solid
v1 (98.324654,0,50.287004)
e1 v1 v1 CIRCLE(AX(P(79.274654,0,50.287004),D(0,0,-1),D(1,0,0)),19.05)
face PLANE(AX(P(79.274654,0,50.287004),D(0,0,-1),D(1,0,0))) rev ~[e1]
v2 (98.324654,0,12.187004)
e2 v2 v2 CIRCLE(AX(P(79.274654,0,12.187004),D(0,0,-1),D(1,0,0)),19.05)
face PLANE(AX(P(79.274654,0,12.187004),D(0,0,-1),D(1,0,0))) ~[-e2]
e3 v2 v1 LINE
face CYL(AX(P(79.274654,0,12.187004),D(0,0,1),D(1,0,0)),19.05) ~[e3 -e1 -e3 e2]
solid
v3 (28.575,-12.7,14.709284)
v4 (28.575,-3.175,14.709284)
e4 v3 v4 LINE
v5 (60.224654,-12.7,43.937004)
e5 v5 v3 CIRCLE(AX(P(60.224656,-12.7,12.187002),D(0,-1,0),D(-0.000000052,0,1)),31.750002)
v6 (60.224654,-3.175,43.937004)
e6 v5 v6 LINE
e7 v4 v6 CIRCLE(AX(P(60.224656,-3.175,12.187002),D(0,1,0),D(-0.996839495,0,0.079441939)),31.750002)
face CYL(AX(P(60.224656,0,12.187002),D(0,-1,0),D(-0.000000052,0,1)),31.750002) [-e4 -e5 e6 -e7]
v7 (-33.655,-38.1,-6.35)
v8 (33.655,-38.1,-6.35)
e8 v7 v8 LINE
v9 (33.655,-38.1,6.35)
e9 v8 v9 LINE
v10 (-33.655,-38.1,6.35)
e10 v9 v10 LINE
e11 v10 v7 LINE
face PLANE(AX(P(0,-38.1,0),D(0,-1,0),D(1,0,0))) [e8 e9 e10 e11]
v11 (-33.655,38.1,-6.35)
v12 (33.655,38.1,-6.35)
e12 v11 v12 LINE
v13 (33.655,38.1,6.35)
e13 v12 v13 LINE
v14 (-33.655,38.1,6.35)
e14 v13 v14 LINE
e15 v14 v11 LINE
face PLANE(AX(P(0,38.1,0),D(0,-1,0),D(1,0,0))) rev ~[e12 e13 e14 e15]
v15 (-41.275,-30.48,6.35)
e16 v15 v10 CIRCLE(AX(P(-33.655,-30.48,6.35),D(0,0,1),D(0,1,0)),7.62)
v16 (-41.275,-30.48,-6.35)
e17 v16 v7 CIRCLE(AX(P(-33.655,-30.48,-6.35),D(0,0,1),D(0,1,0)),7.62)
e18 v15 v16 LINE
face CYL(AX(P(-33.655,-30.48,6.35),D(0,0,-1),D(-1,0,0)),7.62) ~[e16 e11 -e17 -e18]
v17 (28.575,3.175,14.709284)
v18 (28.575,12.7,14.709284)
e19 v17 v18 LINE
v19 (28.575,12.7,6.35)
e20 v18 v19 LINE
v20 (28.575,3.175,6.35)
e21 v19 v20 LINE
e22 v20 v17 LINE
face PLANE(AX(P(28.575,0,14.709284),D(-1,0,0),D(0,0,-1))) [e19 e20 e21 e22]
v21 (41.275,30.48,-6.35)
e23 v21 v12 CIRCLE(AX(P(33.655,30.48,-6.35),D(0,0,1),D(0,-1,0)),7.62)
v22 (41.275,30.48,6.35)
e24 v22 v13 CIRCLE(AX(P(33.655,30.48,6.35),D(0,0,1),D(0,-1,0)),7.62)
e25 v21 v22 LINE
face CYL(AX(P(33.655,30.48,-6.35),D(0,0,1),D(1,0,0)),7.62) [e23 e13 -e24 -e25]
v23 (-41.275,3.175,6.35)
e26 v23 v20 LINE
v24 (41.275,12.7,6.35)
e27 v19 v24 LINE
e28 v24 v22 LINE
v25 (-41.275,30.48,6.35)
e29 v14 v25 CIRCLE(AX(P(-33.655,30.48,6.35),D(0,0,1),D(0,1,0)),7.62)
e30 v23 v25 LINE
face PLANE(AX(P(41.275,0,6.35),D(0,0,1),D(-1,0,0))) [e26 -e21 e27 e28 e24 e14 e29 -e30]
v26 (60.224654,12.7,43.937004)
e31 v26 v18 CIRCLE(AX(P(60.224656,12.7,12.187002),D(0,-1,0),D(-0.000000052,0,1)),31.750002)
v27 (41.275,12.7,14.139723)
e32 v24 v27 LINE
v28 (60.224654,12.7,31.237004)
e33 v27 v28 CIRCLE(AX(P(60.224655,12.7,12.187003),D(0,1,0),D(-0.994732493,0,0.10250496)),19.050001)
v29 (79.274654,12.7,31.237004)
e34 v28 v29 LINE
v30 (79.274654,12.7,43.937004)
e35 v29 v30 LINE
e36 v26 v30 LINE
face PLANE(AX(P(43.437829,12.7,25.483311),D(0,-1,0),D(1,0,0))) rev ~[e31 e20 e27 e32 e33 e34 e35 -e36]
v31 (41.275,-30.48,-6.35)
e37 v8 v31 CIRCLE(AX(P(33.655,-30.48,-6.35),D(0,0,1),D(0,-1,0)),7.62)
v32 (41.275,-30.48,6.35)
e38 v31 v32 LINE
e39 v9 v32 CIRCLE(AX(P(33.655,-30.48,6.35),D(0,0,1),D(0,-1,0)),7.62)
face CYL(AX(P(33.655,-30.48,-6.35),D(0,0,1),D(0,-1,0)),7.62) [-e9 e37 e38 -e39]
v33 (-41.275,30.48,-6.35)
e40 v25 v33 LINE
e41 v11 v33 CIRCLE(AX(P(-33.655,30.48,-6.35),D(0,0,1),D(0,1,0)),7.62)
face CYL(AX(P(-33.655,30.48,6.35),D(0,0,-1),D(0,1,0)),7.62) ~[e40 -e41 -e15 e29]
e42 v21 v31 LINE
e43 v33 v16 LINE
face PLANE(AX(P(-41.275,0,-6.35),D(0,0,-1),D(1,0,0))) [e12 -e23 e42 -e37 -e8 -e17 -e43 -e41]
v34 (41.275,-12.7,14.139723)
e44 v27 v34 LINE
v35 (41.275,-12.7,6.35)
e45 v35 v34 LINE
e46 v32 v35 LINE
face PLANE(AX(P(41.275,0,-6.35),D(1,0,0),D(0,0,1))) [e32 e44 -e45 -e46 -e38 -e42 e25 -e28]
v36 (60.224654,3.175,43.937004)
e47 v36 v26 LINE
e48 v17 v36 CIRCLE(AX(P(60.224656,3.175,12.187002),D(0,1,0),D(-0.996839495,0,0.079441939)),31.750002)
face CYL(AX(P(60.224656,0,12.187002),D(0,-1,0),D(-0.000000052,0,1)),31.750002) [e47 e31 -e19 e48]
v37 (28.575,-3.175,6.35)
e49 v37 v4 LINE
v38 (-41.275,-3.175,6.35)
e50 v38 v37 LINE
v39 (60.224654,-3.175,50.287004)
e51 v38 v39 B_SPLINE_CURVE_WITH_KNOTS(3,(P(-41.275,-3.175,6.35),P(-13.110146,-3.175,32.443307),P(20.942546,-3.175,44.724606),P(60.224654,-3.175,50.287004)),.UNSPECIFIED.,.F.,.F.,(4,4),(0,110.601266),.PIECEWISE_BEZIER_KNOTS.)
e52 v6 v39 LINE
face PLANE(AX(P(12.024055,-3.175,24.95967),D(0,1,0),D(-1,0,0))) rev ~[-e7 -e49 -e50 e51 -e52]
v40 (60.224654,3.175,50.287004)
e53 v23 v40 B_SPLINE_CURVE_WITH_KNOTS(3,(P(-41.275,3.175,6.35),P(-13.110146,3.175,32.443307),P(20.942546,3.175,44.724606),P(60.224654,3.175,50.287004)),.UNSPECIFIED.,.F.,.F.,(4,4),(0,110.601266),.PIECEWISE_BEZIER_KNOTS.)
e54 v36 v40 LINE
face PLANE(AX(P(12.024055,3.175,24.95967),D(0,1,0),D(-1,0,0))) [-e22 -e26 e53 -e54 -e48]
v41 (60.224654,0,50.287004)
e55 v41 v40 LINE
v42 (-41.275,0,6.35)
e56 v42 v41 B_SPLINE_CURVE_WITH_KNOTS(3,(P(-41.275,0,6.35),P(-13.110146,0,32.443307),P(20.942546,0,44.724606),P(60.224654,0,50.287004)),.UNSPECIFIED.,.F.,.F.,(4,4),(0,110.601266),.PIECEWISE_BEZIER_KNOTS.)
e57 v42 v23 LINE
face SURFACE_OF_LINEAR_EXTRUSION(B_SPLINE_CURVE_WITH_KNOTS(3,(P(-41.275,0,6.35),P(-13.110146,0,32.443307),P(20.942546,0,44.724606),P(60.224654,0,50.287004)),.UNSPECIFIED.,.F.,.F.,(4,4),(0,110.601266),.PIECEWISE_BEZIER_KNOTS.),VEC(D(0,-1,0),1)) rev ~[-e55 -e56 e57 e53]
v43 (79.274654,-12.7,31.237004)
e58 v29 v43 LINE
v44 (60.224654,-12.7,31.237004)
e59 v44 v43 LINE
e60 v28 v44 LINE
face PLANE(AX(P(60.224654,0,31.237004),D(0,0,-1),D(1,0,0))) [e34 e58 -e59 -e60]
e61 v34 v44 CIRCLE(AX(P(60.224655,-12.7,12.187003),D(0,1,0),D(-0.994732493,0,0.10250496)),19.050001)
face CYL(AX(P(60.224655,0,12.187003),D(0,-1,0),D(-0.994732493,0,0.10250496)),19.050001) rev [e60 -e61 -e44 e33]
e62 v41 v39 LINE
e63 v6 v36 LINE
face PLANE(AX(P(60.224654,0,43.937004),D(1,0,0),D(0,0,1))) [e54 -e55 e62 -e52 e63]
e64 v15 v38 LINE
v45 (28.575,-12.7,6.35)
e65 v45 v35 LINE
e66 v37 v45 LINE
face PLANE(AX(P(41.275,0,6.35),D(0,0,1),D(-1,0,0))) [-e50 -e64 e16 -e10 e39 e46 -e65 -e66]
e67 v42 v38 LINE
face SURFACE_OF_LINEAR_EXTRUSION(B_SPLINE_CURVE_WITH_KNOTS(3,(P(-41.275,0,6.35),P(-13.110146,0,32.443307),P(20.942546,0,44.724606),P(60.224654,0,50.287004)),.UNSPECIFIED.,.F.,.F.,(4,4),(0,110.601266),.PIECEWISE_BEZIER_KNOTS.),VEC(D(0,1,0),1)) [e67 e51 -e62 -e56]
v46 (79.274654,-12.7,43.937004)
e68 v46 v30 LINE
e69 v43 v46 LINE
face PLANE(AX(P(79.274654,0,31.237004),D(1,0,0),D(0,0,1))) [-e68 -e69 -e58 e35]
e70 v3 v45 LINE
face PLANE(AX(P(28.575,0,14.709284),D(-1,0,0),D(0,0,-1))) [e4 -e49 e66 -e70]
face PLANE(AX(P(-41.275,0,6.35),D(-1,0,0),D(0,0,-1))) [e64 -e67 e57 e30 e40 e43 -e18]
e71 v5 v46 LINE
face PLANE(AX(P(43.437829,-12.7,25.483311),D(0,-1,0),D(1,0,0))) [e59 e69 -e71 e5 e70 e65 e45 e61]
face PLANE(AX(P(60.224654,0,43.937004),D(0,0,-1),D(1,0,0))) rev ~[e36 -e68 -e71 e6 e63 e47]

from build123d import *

# Parameters (mm, degrees)
F1_DEPTH = 38.1
F0_W     = 19.05
F0_H     = 12.7
F2_DEPTH = 12.7
F3_DEPTH = 3.175
F5_R     = 7.62
F6_R     = 7.62
F7_R     = 7.62
F8_R     = 7.62


with BuildPart() as f1:
    # F0 (on Front) → F1 (new body, symmetric)
    with BuildSketch(Plane.XZ):
        Polygon((28.575, 6.35), (-41.275, 6.35), (-41.275, -6.35), (41.275, -6.35), (41.275, 6.35), align=None)
    extrude(amount=F1_DEPTH, both=True)

    # F0 (on Front) → F2 (join, symmetric)
    with BuildSketch(Plane.XZ):
        with BuildLine():
            Line((28.575, 14.709284), (28.575, 6.35))
            Line((28.575, 6.35), (41.275, 6.35))
            Line((41.275, 6.35), (41.275, 14.139723))
            ThreePointArc((41.275, 14.139723), (47.463322, 26.330939), (60.224654, 31.237004))
            Line((60.224654, 31.237004), (60.224654, 43.937004))
            ThreePointArc((60.224654, 43.937004), (38.684226, 35.512364), (28.575, 14.709284))
        make_face()
        with Locations((69.749654, 37.587004)):
            Rectangle(F0_W, F0_H)
    extrude(amount=F2_DEPTH, both=True)

    # F0 (on Front) → F3 (join, symmetric)
    with BuildSketch(Plane.XZ):
        with BuildLine():
            add(Edge.make_bspline(
                [(-41.275, 6.35), (-13.110146, 32.443307), (20.942546, 44.724606), (60.224654, 50.287004)],
                knots=[0, 0, 0, 0, 110.601266, 110.601266, 110.601266, 110.601266], degree=3))
            Line((-41.275, 6.35), (28.575, 6.35))
            Line((28.575, 6.35), (28.575, 14.709284))
            ThreePointArc((28.575, 14.709284), (38.684226, 35.512364), (60.224654, 43.937004))
            Line((60.224654, 43.937004), (60.224654, 50.287004))
        make_face()
    extrude(amount=F3_DEPTH, both=True)

    # F5
    f5_edges = [f1.edges().sort_by_distance(p)[0] for p in [
        (41.275, -38.1, 0),
    ]]
    fillet(f5_edges, radius=F5_R)

    # F6
    f6_edges = [f1.edges().sort_by_distance(p)[0] for p in [
        (41.275, 38.1, 0),
    ]]
    fillet(f6_edges, radius=F6_R)

    # F7
    f7_edges = [f1.edges().sort_by_distance(p)[0] for p in [
        (-41.275, 38.1, 0),
    ]]
    fillet(f7_edges, radius=F7_R)

    # F8
    f8_edges = [f1.edges().sort_by_distance(p)[0] for p in [
        (-41.275, -38.1, 0),
    ]]
    fillet(f8_edges, radius=F8_R)


with BuildPart() as f4:
    # F0 (on Front) → F4 (revolve)
    with BuildSketch(Plane.XZ):
        Polygon((98.324654, 50.287004), (79.274654, 50.287004), (79.274654, 43.937004), (79.274654, 31.237004), (79.274654, 12.187004), (98.324654, 12.187004), align=None)
    revolve(axis=Axis((79.274654, 0, 31.237004), (0, 0, -1)))


solid = Compound([f1.part, f4.part])
